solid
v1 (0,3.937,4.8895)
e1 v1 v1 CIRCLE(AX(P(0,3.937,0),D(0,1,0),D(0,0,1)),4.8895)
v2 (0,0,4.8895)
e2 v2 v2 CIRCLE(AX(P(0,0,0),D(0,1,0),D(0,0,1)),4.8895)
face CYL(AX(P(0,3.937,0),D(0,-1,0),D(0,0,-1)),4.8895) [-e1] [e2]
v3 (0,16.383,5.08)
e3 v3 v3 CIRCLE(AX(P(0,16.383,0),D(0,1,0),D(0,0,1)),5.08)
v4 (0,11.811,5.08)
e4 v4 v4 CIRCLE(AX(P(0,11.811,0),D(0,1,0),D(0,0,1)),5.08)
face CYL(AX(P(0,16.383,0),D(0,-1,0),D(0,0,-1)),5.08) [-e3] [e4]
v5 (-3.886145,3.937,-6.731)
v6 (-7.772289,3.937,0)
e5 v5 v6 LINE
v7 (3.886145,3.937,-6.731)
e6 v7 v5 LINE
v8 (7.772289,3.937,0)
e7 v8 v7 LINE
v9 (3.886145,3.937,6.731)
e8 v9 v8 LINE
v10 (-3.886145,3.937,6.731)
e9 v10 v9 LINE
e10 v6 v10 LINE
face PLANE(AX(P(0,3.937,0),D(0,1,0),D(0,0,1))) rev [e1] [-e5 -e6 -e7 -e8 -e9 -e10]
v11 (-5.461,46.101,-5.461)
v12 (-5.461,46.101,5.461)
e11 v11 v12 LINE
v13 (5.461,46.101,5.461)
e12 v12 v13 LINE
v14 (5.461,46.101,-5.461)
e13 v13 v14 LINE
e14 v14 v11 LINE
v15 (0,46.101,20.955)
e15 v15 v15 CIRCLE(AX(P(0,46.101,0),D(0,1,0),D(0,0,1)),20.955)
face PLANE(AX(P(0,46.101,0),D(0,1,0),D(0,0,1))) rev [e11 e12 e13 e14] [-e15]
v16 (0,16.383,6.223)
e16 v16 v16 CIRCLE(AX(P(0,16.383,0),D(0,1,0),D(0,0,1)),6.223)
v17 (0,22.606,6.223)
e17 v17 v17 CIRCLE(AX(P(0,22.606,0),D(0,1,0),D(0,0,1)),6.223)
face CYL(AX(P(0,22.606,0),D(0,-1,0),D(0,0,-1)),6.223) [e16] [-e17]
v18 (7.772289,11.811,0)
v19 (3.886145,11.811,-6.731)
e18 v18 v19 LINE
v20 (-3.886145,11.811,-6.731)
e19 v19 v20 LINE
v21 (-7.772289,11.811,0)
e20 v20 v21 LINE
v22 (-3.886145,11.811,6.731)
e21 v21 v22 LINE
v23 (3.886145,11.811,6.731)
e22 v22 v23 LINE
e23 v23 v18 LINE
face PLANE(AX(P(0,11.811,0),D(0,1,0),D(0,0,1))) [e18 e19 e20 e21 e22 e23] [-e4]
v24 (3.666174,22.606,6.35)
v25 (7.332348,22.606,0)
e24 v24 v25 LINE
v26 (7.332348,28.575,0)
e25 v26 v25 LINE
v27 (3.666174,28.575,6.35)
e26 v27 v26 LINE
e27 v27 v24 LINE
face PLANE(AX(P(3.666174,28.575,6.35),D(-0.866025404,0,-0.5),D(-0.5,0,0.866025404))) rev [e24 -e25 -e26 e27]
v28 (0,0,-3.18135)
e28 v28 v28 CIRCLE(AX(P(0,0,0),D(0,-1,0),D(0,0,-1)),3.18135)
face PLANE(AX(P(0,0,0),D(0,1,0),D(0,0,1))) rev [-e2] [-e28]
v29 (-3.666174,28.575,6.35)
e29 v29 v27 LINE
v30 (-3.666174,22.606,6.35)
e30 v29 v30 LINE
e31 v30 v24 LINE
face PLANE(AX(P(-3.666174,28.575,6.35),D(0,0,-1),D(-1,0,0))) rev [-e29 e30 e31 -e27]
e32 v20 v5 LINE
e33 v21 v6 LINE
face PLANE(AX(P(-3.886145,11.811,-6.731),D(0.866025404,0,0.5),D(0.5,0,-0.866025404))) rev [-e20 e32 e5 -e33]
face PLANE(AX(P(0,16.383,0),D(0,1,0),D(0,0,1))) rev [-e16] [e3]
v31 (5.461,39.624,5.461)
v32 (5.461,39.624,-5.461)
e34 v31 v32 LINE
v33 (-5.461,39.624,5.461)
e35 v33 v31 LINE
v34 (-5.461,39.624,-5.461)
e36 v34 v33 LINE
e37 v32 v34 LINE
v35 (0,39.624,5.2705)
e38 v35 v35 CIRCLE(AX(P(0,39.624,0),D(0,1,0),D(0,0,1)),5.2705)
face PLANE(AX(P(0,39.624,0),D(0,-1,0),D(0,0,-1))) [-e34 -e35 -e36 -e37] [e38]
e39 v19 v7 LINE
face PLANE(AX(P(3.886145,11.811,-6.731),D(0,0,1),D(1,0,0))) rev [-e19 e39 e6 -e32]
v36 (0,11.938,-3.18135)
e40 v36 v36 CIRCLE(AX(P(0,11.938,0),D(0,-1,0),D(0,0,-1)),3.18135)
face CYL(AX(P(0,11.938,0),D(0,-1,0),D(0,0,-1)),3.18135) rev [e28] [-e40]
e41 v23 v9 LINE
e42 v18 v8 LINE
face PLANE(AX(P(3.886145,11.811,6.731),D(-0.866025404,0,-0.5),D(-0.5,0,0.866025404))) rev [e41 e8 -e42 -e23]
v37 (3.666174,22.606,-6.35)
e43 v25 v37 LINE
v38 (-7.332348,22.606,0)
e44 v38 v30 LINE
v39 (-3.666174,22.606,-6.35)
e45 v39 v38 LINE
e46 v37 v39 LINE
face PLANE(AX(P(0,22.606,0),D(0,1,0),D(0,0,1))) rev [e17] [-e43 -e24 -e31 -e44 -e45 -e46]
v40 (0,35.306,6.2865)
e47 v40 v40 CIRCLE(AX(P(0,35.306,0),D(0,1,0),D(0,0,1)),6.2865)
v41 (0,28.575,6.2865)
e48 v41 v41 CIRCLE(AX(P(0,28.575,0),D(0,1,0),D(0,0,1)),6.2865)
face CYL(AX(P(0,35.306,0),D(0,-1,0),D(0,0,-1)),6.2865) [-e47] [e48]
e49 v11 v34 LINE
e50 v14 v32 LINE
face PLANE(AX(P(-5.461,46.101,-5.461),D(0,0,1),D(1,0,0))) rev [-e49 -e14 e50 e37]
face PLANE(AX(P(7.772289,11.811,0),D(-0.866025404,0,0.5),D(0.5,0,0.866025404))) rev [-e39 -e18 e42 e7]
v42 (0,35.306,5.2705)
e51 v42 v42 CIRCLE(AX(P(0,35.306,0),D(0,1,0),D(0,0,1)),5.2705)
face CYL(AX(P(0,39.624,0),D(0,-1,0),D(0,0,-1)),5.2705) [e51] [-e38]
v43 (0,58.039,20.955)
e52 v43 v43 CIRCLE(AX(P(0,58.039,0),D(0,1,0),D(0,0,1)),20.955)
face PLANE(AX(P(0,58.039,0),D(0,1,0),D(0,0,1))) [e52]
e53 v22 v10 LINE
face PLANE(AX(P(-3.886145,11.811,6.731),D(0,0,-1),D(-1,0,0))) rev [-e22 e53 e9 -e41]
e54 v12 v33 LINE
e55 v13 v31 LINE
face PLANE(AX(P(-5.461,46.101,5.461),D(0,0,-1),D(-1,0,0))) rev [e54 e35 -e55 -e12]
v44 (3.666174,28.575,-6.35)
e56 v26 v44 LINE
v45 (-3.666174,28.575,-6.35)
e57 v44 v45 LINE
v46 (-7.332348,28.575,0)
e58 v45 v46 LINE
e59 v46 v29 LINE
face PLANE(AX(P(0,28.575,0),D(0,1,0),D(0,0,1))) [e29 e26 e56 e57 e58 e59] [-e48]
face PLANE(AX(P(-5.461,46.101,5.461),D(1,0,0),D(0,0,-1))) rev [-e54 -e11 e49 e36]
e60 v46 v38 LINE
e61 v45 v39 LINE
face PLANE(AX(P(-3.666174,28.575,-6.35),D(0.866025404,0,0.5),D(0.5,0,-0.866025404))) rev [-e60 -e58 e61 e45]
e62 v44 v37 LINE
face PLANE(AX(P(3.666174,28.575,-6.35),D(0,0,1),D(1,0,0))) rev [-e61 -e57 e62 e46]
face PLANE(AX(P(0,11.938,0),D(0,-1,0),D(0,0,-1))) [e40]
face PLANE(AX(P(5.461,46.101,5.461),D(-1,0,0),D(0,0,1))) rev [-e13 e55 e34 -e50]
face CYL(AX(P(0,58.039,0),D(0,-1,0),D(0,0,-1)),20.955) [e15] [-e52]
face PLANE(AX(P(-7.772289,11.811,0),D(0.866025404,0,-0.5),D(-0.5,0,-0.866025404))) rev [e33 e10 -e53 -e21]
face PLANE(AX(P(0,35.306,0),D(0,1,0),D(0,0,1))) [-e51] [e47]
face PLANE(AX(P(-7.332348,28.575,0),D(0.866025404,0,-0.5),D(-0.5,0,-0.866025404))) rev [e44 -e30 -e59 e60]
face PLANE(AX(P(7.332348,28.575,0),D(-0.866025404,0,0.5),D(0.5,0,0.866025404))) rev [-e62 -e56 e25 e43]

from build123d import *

# Parameters (mm, degrees)
SKETCH1_R           = 4.8895
BOSS_EXTRUDE1_DEPTH = 3.937
BOSS_EXTRUDE2_DEPTH = 7.874
SKETCH3_R           = 5.08
BOSS_EXTRUDE3_DEPTH = 4.572
SKETCH4_R           = 6.223
BOSS_EXTRUDE4_DEPTH = 6.223
BOSS_EXTRUDE5_DEPTH = 5.969
SKETCH6_R           = 6.2865
BOSS_EXTRUDE6_DEPTH = 6.731
SKETCH7_R           = 5.2705
BOSS_EXTRUDE7_DEPTH = 4.318
SKETCH9_W           = 10.922
SKETCH9_H           = 10.922
BOSS_EXTRUDE8_DEPTH = 6.477
SKETCH10_R          = 20.955
BOSS_EXTRUDE9_DEPTH = 11.938
SKETCH11_R          = 3.18135
CUT_EXTRUDE1_DEPTH  = 11.938


with BuildPart() as part:
    # Sketch1 → Boss-Extrude1 (new body)
    with BuildSketch(Plane(origin=(0, 0, 0), x_dir=(1, 0, 0), z_dir=(0, 1, 0))):
        with Locations(Location((0, 0, 0), (0, 0, 270))):
            Circle(SKETCH1_R)
    extrude(amount=BOSS_EXTRUDE1_DEPTH)

    # Sketch2 → Boss-Extrude2 (add)
    with BuildSketch(Plane(origin=(0, 3.937, 0), x_dir=(1, 0, 0), z_dir=(0, 1, 0))):
        Polygon((7.772289324, 0), (3.886144662, 6.731), (-3.886144662, 6.731), (-7.772289324, 0), (-3.886144662, -6.731), (3.886144662, -6.731), align=None)
    extrude(amount=BOSS_EXTRUDE2_DEPTH)

    # Sketch3 → Boss-Extrude3 (add)
    with BuildSketch(Plane(origin=(0, 11.811, 0), x_dir=(1, 0, 0), z_dir=(0, 1, 0))):
        with Locations(Location((0, 0, 0), (0, 0, 270))):
            Circle(SKETCH3_R)
    extrude(amount=BOSS_EXTRUDE3_DEPTH)

    # Sketch4 → Boss-Extrude4 (add)
    with BuildSketch(Plane(origin=(0, 16.383, 0), x_dir=(1, 0, 0), z_dir=(0, 1, 0))):
        with Locations(Location((0, 0, 0), (0, 0, 270))):
            Circle(SKETCH4_R)
    extrude(amount=BOSS_EXTRUDE4_DEPTH)

    # Sketch5 → Boss-Extrude5 (add)
    with BuildSketch(Plane(origin=(0, 22.606, 0), x_dir=(1, 0, 0), z_dir=(0, 1, 0))):
        Polygon((7.332348419, 0), (3.666174209, 6.35), (-3.666174209, 6.35), (-7.332348419, 0), (-3.666174209, -6.35), (3.666174209, -6.35), align=None)
    extrude(amount=BOSS_EXTRUDE5_DEPTH)

    # Sketch6 → Boss-Extrude6 (add)
    with BuildSketch(Plane(origin=(0, 28.575, 0), x_dir=(1, 0, 0), z_dir=(0, 1, 0))):
        with Locations(Location((0, 0, 0), (0, 0, 270))):
            Circle(SKETCH6_R)
    extrude(amount=BOSS_EXTRUDE6_DEPTH)

    # Sketch7 → Boss-Extrude7 (add)
    with BuildSketch(Plane(origin=(0, 35.306, 0), x_dir=(1, 0, 0), z_dir=(0, 1, 0))):
        with Locations(Location((0, 0, 0), (0, 0, 270))):
            Circle(SKETCH7_R)
    extrude(amount=BOSS_EXTRUDE7_DEPTH)

    # Sketch9 → Boss-Extrude8 (add)
    with BuildSketch(Plane(origin=(0, 39.624, 0), x_dir=(1, 0, 0), z_dir=(0, 1, 0))):
        Rectangle(SKETCH9_W, SKETCH9_H)
    extrude(amount=BOSS_EXTRUDE8_DEPTH)

    # Sketch10 → Boss-Extrude9 (add)
    with BuildSketch(Plane(origin=(0, 46.101, 0), x_dir=(1, 0, 0), z_dir=(0, 1, 0))):
        with Locations(Location((0, 0, 0), (0, 0, 270))):
            Circle(SKETCH10_R)
    extrude(amount=BOSS_EXTRUDE9_DEPTH)

    # Sketch11 → Cut-Extrude1 (cut)
    with BuildSketch(Plane.XZ):
        with Locations(Location((0, 0, 0), (0, 0, 270))):
            Circle(SKETCH11_R)
    extrude(amount=-CUT_EXTRUDE1_DEPTH, mode=Mode.SUBTRACT)


solid = part.part
